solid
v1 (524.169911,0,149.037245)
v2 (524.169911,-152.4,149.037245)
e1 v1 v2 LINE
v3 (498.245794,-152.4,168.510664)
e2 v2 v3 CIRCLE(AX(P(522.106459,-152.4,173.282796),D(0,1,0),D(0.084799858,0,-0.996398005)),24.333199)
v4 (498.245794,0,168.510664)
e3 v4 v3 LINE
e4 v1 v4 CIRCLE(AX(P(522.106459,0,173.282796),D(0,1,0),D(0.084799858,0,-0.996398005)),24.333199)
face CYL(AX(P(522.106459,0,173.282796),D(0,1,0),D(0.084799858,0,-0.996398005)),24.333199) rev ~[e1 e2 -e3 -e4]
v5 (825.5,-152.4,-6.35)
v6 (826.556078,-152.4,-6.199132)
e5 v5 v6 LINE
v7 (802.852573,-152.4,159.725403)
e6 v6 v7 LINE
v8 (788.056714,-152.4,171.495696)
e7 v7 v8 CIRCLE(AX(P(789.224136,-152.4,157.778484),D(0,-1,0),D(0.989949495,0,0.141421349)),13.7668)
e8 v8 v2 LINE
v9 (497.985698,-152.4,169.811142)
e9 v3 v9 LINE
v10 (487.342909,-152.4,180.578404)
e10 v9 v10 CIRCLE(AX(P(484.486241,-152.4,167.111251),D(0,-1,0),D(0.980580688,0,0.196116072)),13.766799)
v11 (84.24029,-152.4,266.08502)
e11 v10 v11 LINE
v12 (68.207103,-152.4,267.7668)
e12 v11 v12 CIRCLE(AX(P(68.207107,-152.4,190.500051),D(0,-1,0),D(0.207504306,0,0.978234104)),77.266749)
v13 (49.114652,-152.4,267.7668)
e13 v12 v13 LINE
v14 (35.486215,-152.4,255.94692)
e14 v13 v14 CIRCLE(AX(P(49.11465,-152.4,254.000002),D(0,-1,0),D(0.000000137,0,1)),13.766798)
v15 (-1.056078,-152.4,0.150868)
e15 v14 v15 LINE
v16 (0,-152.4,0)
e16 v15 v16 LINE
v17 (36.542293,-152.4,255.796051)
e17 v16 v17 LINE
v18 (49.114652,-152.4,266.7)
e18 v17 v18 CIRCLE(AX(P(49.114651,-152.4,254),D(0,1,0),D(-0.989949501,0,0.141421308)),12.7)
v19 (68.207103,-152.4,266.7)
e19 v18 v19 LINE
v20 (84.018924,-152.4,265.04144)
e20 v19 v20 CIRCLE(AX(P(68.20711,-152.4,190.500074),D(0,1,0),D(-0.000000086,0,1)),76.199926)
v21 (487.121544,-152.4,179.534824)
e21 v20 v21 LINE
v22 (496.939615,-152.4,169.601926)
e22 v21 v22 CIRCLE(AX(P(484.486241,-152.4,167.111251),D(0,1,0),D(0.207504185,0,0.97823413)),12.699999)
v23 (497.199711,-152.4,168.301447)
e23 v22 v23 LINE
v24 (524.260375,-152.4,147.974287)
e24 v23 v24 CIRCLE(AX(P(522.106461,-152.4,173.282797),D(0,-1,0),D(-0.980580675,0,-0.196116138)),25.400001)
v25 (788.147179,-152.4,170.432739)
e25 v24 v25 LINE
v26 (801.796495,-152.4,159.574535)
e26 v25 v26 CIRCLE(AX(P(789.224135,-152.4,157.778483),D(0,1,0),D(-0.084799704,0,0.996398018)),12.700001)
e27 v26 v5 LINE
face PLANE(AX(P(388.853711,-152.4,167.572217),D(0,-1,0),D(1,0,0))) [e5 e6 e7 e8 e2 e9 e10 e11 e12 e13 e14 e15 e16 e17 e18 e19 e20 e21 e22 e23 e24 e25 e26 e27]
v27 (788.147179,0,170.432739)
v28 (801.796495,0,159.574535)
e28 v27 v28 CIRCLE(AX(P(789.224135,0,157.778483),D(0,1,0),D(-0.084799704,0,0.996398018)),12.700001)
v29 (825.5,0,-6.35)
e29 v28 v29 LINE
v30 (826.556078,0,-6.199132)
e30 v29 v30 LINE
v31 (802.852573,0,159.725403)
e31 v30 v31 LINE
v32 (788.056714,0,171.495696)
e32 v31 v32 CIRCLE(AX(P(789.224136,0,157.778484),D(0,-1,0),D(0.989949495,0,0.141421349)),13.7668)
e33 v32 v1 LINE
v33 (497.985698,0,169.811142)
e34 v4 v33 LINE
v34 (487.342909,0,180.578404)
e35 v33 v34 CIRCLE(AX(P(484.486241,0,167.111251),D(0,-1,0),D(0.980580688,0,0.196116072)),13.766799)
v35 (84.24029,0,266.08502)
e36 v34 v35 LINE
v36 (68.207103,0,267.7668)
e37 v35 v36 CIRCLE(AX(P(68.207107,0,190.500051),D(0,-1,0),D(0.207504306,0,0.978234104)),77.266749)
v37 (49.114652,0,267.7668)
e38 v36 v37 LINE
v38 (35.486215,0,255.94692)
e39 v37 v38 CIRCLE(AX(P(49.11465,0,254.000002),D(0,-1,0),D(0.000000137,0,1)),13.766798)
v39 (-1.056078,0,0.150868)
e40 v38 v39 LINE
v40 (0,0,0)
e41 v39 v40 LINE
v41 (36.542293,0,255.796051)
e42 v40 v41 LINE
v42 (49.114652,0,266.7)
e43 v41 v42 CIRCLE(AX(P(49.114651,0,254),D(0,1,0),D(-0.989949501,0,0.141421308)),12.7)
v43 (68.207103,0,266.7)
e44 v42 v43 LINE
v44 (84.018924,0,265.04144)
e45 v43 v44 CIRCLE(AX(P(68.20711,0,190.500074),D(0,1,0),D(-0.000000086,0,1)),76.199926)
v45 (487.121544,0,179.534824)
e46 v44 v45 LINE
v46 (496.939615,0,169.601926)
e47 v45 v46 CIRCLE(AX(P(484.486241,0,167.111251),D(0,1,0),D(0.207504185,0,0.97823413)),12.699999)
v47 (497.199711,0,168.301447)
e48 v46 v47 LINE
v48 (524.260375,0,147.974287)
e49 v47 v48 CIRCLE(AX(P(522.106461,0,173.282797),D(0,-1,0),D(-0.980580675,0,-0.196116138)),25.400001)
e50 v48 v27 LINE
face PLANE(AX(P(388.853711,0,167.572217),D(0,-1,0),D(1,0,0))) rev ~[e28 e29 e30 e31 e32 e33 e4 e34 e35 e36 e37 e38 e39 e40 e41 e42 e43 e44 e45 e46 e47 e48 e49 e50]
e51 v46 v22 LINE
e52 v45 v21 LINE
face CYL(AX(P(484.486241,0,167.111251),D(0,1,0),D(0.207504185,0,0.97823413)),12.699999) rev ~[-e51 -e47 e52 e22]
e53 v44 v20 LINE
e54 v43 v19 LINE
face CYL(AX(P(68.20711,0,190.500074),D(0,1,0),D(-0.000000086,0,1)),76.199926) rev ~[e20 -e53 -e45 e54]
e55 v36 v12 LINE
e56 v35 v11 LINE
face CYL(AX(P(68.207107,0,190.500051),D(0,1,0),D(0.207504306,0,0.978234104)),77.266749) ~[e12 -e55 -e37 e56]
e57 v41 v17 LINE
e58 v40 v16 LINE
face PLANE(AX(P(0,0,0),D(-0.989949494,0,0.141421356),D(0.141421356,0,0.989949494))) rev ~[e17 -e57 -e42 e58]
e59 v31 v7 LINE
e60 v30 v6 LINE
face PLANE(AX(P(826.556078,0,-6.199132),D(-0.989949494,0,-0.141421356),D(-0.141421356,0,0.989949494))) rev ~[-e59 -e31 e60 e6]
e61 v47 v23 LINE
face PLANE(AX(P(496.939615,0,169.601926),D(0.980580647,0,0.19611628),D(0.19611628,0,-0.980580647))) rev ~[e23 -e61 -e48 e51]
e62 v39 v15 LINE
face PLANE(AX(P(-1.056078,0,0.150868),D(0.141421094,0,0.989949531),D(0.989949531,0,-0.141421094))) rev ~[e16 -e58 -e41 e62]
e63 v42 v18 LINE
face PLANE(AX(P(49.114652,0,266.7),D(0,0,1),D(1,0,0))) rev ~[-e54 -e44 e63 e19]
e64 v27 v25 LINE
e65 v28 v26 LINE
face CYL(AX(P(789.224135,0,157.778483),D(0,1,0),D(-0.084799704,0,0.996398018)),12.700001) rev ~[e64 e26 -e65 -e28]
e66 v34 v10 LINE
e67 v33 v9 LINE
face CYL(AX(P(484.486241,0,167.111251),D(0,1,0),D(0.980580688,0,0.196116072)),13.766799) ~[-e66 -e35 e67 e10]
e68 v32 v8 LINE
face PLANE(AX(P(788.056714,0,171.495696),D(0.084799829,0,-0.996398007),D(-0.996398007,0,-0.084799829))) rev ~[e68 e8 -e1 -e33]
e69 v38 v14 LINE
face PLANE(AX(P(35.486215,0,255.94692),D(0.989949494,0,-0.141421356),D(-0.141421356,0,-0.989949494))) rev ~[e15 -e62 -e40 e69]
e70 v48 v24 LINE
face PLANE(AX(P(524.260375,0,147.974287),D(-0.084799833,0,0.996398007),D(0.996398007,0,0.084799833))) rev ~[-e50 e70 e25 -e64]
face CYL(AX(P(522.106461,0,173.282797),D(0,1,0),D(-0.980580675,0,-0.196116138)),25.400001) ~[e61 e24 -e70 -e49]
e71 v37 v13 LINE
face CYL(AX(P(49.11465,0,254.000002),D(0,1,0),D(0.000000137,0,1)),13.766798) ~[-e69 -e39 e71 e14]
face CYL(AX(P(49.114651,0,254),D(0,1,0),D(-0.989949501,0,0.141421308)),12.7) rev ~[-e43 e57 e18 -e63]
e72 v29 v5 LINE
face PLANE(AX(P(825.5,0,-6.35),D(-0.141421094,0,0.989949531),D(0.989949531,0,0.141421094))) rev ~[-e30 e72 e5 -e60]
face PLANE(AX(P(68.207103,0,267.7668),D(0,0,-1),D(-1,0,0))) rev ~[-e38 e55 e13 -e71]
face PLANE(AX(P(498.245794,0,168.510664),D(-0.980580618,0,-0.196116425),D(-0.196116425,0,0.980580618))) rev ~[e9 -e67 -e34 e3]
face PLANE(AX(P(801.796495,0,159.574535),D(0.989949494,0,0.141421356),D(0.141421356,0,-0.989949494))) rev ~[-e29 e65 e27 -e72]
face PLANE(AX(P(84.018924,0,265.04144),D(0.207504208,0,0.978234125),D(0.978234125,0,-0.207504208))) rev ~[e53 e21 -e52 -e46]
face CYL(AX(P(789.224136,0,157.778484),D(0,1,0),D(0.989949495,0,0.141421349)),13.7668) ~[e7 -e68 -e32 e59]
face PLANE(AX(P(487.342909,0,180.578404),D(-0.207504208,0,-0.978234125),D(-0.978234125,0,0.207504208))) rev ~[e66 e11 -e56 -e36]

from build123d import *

# Parameters (mm, degrees)
F1_DEPTH = 152.4


with BuildPart() as f1:
    # F0 (on Front) → F1 (new body)
    with BuildSketch(Plane.XZ):
        with BuildLine():
            Line((-1.056078, 0.150868), (0, 0))
            Line((0, 0), (36.542293, 255.796051))
            ThreePointArc((36.542293, 255.796051), (40.793589, 263.594265), (49.114652, 266.7))
            Line((49.114652, 266.7), (68.207103, 266.7))
            ThreePointArc((68.207103, 266.7), (76.156388, 266.284226), (84.018924, 265.04144))
            Line((84.018924, 265.04144), (487.121544, 179.534824))
            ThreePointArc((487.121544, 179.534824), (493.518553, 176.039147), (496.939615, 169.601926))
            Line((496.939615, 169.601926), (497.199711, 168.301447))
            ThreePointArc((497.199711, 168.301447), (506.851257, 152.974208), (524.260375, 147.974287))
            Line((524.260375, 147.974287), (788.147179, 170.432739))
            ThreePointArc((788.147179, 170.432739), (797.130539, 167.717236), (801.796495, 159.574535))
            Line((801.796495, 159.574535), (825.5, -6.35))
            Line((825.5, -6.35), (826.556078, -6.199132))
            Line((826.556078, -6.199132), (802.852573, 159.725403))
            ThreePointArc((802.852573, 159.725403), (797.794677, 168.552091), (788.056714, 171.495696))
            Line((788.056714, 171.495696), (524.169911, 149.037245))
            ThreePointArc((524.169911, 149.037245), (507.491976, 153.827168), (498.245794, 168.510664))
            Line((498.245794, 168.510664), (497.985698, 169.811142))
            ThreePointArc((497.985698, 169.811142), (494.277267, 176.78909), (487.342909, 180.578404))
            Line((487.342909, 180.578404), (84.24029, 266.08502))
            ThreePointArc((84.24029, 266.08502), (76.267678, 267.345205), (68.207103, 267.7668))
            Line((68.207103, 267.7668), (49.114652, 267.7668))
            ThreePointArc((49.114652, 267.7668), (40.09462, 264.400184), (35.486215, 255.94692))
            Line((35.486215, 255.94692), (-1.056078, 0.150868))
        make_face()
    extrude(amount=F1_DEPTH)


solid = f1.part
